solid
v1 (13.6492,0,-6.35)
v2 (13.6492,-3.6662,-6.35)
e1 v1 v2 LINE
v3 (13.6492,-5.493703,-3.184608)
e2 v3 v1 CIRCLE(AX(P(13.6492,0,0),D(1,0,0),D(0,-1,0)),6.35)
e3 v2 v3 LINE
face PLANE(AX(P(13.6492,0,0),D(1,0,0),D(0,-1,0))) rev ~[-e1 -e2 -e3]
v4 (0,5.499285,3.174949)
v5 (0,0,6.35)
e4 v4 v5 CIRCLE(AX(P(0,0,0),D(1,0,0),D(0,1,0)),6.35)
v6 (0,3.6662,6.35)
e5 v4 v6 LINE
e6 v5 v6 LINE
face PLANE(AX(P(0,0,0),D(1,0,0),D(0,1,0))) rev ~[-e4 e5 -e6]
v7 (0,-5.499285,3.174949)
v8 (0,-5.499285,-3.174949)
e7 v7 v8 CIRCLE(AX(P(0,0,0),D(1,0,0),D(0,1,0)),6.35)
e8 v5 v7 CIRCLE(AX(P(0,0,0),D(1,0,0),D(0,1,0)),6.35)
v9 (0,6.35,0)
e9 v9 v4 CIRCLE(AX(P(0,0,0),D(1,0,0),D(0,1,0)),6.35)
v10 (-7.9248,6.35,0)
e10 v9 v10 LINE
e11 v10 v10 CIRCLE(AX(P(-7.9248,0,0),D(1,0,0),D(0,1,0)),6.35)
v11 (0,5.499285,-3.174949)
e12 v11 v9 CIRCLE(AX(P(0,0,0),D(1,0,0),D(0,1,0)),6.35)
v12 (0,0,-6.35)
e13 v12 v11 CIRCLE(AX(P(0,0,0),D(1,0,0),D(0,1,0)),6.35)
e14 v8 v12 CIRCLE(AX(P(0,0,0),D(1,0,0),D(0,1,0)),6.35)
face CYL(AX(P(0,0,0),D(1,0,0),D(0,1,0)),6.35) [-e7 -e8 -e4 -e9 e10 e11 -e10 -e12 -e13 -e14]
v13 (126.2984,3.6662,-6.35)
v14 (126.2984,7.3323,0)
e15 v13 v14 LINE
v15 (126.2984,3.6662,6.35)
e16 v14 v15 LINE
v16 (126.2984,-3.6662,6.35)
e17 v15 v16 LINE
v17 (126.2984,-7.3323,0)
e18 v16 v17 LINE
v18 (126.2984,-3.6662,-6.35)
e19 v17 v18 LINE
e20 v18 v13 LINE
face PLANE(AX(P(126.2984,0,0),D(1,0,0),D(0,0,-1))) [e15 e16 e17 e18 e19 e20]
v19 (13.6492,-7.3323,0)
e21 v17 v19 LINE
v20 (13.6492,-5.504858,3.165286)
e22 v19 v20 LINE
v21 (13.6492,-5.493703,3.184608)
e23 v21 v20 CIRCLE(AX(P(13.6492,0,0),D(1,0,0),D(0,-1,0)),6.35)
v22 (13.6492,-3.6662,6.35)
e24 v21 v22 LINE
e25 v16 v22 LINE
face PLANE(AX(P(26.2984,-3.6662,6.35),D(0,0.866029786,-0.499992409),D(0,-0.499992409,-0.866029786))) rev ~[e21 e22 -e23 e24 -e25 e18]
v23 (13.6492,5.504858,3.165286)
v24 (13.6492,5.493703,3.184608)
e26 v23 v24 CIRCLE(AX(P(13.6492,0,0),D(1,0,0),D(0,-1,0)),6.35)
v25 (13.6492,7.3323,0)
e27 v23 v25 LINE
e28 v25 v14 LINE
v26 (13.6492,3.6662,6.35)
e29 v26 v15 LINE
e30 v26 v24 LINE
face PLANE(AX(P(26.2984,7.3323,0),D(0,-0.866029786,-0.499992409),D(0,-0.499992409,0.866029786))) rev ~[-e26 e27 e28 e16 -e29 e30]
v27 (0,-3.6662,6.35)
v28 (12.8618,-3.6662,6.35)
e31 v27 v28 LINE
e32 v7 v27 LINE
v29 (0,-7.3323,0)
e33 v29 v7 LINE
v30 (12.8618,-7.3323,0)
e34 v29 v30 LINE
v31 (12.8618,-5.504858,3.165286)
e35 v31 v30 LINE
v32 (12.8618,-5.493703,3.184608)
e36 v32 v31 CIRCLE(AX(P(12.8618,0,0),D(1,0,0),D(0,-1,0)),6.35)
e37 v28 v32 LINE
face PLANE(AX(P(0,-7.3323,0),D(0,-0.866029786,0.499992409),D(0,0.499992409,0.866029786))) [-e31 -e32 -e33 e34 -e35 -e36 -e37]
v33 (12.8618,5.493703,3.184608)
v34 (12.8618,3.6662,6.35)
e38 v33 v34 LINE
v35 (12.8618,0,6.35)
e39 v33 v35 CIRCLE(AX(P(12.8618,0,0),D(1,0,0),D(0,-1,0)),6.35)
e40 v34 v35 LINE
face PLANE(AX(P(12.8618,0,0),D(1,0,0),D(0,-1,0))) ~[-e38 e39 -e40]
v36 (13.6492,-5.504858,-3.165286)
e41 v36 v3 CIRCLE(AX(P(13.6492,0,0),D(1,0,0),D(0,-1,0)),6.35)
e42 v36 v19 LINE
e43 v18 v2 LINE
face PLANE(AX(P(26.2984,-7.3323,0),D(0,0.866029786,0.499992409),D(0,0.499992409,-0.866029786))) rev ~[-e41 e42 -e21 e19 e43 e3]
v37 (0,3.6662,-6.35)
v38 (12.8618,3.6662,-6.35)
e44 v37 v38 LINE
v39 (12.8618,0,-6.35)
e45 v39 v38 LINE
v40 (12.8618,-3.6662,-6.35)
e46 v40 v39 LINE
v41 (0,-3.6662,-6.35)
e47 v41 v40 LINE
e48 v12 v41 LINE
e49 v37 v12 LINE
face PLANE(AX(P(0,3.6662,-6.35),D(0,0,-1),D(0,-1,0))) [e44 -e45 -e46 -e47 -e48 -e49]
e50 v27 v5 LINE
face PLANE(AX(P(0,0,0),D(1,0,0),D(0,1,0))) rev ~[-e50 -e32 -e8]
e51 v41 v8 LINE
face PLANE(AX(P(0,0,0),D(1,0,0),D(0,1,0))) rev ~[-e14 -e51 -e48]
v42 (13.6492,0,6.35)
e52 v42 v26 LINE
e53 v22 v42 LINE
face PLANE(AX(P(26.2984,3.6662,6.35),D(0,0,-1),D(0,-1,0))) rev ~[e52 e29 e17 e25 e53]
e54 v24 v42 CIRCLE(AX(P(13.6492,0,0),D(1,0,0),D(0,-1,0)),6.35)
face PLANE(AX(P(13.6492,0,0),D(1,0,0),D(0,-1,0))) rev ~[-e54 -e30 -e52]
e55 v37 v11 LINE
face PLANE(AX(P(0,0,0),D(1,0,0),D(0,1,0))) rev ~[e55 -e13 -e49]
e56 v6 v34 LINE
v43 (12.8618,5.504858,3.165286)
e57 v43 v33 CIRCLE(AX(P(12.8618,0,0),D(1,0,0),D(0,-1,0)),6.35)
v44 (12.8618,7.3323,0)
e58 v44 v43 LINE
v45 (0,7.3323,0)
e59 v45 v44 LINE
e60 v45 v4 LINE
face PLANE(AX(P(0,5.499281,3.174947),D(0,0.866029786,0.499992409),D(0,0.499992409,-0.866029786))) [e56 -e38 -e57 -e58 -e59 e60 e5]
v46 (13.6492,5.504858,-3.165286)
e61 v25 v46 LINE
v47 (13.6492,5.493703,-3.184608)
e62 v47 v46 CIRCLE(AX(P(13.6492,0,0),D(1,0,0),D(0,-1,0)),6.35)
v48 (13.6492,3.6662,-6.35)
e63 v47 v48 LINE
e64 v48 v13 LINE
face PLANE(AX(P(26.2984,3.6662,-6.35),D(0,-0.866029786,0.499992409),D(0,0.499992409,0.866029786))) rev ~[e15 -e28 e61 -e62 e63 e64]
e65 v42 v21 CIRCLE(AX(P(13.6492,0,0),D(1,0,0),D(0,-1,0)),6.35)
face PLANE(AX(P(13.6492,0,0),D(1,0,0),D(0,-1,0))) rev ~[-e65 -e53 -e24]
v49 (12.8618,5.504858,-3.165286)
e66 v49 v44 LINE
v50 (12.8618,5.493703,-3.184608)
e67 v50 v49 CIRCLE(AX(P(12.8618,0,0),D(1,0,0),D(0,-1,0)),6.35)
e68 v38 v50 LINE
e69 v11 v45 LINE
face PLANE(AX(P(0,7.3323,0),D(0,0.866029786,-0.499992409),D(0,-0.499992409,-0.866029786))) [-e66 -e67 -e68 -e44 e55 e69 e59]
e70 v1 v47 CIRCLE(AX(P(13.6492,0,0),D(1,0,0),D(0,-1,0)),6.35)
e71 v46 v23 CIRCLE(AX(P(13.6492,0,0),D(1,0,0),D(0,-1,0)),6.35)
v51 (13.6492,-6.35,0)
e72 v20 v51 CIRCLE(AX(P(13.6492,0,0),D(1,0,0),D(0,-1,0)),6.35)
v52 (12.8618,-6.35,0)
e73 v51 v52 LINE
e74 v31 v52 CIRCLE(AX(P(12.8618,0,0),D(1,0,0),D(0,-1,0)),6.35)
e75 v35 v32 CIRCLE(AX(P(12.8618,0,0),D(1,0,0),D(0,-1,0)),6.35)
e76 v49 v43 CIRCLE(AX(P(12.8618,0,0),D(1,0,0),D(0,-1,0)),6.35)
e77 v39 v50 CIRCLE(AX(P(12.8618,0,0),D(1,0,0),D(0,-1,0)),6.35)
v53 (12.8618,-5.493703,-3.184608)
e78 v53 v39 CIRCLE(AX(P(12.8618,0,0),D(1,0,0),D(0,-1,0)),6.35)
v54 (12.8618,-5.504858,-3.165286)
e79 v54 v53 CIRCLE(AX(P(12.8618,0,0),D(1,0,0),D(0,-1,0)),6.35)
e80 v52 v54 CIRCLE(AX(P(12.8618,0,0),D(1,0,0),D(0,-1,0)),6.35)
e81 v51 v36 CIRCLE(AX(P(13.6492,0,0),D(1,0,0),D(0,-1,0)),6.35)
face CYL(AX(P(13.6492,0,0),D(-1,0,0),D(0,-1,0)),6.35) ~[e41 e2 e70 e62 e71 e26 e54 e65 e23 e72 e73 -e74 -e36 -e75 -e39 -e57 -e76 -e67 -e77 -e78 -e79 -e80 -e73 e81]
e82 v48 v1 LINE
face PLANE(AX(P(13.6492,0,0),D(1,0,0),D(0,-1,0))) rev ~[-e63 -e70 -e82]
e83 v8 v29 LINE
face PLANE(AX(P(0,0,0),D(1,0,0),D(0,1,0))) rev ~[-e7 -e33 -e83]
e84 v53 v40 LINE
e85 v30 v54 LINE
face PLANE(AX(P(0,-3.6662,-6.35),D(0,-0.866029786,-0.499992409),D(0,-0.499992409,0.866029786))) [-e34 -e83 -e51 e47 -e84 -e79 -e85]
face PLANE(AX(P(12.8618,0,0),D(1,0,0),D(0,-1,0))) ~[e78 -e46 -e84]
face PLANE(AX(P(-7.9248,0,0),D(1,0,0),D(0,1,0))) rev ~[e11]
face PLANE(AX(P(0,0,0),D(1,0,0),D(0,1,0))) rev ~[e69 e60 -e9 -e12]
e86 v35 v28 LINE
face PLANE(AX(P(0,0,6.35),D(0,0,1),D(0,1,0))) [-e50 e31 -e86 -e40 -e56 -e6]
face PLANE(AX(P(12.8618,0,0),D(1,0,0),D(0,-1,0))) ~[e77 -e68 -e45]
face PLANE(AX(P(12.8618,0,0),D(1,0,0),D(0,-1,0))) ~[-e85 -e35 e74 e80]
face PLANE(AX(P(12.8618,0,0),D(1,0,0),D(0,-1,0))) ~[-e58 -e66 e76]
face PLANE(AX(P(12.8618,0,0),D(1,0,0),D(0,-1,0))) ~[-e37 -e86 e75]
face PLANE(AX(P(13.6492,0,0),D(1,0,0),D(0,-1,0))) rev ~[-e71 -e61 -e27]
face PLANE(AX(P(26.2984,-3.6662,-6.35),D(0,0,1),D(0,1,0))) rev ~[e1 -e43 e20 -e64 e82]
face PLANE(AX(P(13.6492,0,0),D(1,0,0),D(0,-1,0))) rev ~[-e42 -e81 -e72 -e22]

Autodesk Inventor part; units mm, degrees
ref_plane "YZ Plane" through (0, 0, 0) normal (1, 0, 0) x (0, 1, 0)
ref_plane "XZ Plane" through (0, 0, 0) normal (0, 1, 0) x (-1, 0, 0)
ref_plane "XY Plane" through (0, 0, 0) normal (0, 0, 1) x (1, 0, 0)
sketch "Sketch1" plane through (0, 0, 0) normal (1, 0, 0) x (0, 1, 0)
  line L0 (7.3323, 0) -> (3.6662, -6.35)
  line L1 (3.6662, -6.35) -> (-3.6662, -6.35)
  line L2 (-3.6662, -6.35) -> (-7.3323, 0)
  line L3 (-7.3323, 0) -> (-3.6662, 6.35)
  line L4 (-3.6662, 6.35) -> (3.6662, 6.35)
  line L5 (3.6662, 6.35) -> (7.3323, 0)
  circle A0 centre (0, 0) radius 6.35
  dimension "d0" = 12.7
extrude "Extrusion1" add sketch "Sketch1" along normal blind 26.2984
extrude "Extrusion2" add sketch "Sketch1" against normal blind 7.9248 contours A0
ref_plane "Work Plane1" through (0, 7.3323, 0) normal (0, 0, -1) x (1, 0, 0)
sketch "Sketch2" plane through (0, 7.3323, 0) normal (0, 0, -1) x (1, 0, 0)
  line L0 (0, 13.6823) -> (-7.9248, 13.6823) projected
  line L1 (0, 10.9985) -> (0, 14.6647) projected
  line L2 (0, 14.6647) -> (26.2984, 14.6647) projected
  line L3 (12.8618, 14.6647) -> (13.6492, 14.6647)
  line L4 (13.6492, 14.6647) -> (13.6492, 13.6823)
  line L5 (13.6492, 13.6823) -> (12.8618, 13.6823)
  line L6 (12.8618, 13.6823) -> (12.8618, 14.6647)
  line L7 (0, 7.3323) -> (26.2984, 7.3323)
  line L8 (26.2984, 3.6662) -> (26.2984, 10.9985) projected
  line L9 (26.2984, 14.6647) -> (26.2984, 10.9985) projected
  dimension "d7" = 0.7874
  dimension "d9" = 12.6492
revolve "Revolution1" cut sketch "Sketch2" angle 360 about axis through (0, 0, 0) along (1, 0, 0)
sketch "Sketch3" plane through (26.2984, 0, 0) normal (1, 0, 0) x (0, 0, -1)
  line L0 (6.35, 3.6662) -> (0, 7.3323) projected
  line L1 (0, 7.3323) -> (-6.35, 3.6662) projected
  line L2 (-6.35, 3.6662) -> (-6.35, -3.6662) projected
  line L3 (-6.35, -3.6662) -> (0, -7.3323) projected
  line L4 (0, -7.3323) -> (6.35, -3.6662) projected
  line L5 (6.35, -3.6662) -> (6.35, 3.6662) projected
  point P0 (0, 0)
extrude "Extrusion3" add sketch "Sketch3" along normal blind 100
properties part number "LongShaft"
